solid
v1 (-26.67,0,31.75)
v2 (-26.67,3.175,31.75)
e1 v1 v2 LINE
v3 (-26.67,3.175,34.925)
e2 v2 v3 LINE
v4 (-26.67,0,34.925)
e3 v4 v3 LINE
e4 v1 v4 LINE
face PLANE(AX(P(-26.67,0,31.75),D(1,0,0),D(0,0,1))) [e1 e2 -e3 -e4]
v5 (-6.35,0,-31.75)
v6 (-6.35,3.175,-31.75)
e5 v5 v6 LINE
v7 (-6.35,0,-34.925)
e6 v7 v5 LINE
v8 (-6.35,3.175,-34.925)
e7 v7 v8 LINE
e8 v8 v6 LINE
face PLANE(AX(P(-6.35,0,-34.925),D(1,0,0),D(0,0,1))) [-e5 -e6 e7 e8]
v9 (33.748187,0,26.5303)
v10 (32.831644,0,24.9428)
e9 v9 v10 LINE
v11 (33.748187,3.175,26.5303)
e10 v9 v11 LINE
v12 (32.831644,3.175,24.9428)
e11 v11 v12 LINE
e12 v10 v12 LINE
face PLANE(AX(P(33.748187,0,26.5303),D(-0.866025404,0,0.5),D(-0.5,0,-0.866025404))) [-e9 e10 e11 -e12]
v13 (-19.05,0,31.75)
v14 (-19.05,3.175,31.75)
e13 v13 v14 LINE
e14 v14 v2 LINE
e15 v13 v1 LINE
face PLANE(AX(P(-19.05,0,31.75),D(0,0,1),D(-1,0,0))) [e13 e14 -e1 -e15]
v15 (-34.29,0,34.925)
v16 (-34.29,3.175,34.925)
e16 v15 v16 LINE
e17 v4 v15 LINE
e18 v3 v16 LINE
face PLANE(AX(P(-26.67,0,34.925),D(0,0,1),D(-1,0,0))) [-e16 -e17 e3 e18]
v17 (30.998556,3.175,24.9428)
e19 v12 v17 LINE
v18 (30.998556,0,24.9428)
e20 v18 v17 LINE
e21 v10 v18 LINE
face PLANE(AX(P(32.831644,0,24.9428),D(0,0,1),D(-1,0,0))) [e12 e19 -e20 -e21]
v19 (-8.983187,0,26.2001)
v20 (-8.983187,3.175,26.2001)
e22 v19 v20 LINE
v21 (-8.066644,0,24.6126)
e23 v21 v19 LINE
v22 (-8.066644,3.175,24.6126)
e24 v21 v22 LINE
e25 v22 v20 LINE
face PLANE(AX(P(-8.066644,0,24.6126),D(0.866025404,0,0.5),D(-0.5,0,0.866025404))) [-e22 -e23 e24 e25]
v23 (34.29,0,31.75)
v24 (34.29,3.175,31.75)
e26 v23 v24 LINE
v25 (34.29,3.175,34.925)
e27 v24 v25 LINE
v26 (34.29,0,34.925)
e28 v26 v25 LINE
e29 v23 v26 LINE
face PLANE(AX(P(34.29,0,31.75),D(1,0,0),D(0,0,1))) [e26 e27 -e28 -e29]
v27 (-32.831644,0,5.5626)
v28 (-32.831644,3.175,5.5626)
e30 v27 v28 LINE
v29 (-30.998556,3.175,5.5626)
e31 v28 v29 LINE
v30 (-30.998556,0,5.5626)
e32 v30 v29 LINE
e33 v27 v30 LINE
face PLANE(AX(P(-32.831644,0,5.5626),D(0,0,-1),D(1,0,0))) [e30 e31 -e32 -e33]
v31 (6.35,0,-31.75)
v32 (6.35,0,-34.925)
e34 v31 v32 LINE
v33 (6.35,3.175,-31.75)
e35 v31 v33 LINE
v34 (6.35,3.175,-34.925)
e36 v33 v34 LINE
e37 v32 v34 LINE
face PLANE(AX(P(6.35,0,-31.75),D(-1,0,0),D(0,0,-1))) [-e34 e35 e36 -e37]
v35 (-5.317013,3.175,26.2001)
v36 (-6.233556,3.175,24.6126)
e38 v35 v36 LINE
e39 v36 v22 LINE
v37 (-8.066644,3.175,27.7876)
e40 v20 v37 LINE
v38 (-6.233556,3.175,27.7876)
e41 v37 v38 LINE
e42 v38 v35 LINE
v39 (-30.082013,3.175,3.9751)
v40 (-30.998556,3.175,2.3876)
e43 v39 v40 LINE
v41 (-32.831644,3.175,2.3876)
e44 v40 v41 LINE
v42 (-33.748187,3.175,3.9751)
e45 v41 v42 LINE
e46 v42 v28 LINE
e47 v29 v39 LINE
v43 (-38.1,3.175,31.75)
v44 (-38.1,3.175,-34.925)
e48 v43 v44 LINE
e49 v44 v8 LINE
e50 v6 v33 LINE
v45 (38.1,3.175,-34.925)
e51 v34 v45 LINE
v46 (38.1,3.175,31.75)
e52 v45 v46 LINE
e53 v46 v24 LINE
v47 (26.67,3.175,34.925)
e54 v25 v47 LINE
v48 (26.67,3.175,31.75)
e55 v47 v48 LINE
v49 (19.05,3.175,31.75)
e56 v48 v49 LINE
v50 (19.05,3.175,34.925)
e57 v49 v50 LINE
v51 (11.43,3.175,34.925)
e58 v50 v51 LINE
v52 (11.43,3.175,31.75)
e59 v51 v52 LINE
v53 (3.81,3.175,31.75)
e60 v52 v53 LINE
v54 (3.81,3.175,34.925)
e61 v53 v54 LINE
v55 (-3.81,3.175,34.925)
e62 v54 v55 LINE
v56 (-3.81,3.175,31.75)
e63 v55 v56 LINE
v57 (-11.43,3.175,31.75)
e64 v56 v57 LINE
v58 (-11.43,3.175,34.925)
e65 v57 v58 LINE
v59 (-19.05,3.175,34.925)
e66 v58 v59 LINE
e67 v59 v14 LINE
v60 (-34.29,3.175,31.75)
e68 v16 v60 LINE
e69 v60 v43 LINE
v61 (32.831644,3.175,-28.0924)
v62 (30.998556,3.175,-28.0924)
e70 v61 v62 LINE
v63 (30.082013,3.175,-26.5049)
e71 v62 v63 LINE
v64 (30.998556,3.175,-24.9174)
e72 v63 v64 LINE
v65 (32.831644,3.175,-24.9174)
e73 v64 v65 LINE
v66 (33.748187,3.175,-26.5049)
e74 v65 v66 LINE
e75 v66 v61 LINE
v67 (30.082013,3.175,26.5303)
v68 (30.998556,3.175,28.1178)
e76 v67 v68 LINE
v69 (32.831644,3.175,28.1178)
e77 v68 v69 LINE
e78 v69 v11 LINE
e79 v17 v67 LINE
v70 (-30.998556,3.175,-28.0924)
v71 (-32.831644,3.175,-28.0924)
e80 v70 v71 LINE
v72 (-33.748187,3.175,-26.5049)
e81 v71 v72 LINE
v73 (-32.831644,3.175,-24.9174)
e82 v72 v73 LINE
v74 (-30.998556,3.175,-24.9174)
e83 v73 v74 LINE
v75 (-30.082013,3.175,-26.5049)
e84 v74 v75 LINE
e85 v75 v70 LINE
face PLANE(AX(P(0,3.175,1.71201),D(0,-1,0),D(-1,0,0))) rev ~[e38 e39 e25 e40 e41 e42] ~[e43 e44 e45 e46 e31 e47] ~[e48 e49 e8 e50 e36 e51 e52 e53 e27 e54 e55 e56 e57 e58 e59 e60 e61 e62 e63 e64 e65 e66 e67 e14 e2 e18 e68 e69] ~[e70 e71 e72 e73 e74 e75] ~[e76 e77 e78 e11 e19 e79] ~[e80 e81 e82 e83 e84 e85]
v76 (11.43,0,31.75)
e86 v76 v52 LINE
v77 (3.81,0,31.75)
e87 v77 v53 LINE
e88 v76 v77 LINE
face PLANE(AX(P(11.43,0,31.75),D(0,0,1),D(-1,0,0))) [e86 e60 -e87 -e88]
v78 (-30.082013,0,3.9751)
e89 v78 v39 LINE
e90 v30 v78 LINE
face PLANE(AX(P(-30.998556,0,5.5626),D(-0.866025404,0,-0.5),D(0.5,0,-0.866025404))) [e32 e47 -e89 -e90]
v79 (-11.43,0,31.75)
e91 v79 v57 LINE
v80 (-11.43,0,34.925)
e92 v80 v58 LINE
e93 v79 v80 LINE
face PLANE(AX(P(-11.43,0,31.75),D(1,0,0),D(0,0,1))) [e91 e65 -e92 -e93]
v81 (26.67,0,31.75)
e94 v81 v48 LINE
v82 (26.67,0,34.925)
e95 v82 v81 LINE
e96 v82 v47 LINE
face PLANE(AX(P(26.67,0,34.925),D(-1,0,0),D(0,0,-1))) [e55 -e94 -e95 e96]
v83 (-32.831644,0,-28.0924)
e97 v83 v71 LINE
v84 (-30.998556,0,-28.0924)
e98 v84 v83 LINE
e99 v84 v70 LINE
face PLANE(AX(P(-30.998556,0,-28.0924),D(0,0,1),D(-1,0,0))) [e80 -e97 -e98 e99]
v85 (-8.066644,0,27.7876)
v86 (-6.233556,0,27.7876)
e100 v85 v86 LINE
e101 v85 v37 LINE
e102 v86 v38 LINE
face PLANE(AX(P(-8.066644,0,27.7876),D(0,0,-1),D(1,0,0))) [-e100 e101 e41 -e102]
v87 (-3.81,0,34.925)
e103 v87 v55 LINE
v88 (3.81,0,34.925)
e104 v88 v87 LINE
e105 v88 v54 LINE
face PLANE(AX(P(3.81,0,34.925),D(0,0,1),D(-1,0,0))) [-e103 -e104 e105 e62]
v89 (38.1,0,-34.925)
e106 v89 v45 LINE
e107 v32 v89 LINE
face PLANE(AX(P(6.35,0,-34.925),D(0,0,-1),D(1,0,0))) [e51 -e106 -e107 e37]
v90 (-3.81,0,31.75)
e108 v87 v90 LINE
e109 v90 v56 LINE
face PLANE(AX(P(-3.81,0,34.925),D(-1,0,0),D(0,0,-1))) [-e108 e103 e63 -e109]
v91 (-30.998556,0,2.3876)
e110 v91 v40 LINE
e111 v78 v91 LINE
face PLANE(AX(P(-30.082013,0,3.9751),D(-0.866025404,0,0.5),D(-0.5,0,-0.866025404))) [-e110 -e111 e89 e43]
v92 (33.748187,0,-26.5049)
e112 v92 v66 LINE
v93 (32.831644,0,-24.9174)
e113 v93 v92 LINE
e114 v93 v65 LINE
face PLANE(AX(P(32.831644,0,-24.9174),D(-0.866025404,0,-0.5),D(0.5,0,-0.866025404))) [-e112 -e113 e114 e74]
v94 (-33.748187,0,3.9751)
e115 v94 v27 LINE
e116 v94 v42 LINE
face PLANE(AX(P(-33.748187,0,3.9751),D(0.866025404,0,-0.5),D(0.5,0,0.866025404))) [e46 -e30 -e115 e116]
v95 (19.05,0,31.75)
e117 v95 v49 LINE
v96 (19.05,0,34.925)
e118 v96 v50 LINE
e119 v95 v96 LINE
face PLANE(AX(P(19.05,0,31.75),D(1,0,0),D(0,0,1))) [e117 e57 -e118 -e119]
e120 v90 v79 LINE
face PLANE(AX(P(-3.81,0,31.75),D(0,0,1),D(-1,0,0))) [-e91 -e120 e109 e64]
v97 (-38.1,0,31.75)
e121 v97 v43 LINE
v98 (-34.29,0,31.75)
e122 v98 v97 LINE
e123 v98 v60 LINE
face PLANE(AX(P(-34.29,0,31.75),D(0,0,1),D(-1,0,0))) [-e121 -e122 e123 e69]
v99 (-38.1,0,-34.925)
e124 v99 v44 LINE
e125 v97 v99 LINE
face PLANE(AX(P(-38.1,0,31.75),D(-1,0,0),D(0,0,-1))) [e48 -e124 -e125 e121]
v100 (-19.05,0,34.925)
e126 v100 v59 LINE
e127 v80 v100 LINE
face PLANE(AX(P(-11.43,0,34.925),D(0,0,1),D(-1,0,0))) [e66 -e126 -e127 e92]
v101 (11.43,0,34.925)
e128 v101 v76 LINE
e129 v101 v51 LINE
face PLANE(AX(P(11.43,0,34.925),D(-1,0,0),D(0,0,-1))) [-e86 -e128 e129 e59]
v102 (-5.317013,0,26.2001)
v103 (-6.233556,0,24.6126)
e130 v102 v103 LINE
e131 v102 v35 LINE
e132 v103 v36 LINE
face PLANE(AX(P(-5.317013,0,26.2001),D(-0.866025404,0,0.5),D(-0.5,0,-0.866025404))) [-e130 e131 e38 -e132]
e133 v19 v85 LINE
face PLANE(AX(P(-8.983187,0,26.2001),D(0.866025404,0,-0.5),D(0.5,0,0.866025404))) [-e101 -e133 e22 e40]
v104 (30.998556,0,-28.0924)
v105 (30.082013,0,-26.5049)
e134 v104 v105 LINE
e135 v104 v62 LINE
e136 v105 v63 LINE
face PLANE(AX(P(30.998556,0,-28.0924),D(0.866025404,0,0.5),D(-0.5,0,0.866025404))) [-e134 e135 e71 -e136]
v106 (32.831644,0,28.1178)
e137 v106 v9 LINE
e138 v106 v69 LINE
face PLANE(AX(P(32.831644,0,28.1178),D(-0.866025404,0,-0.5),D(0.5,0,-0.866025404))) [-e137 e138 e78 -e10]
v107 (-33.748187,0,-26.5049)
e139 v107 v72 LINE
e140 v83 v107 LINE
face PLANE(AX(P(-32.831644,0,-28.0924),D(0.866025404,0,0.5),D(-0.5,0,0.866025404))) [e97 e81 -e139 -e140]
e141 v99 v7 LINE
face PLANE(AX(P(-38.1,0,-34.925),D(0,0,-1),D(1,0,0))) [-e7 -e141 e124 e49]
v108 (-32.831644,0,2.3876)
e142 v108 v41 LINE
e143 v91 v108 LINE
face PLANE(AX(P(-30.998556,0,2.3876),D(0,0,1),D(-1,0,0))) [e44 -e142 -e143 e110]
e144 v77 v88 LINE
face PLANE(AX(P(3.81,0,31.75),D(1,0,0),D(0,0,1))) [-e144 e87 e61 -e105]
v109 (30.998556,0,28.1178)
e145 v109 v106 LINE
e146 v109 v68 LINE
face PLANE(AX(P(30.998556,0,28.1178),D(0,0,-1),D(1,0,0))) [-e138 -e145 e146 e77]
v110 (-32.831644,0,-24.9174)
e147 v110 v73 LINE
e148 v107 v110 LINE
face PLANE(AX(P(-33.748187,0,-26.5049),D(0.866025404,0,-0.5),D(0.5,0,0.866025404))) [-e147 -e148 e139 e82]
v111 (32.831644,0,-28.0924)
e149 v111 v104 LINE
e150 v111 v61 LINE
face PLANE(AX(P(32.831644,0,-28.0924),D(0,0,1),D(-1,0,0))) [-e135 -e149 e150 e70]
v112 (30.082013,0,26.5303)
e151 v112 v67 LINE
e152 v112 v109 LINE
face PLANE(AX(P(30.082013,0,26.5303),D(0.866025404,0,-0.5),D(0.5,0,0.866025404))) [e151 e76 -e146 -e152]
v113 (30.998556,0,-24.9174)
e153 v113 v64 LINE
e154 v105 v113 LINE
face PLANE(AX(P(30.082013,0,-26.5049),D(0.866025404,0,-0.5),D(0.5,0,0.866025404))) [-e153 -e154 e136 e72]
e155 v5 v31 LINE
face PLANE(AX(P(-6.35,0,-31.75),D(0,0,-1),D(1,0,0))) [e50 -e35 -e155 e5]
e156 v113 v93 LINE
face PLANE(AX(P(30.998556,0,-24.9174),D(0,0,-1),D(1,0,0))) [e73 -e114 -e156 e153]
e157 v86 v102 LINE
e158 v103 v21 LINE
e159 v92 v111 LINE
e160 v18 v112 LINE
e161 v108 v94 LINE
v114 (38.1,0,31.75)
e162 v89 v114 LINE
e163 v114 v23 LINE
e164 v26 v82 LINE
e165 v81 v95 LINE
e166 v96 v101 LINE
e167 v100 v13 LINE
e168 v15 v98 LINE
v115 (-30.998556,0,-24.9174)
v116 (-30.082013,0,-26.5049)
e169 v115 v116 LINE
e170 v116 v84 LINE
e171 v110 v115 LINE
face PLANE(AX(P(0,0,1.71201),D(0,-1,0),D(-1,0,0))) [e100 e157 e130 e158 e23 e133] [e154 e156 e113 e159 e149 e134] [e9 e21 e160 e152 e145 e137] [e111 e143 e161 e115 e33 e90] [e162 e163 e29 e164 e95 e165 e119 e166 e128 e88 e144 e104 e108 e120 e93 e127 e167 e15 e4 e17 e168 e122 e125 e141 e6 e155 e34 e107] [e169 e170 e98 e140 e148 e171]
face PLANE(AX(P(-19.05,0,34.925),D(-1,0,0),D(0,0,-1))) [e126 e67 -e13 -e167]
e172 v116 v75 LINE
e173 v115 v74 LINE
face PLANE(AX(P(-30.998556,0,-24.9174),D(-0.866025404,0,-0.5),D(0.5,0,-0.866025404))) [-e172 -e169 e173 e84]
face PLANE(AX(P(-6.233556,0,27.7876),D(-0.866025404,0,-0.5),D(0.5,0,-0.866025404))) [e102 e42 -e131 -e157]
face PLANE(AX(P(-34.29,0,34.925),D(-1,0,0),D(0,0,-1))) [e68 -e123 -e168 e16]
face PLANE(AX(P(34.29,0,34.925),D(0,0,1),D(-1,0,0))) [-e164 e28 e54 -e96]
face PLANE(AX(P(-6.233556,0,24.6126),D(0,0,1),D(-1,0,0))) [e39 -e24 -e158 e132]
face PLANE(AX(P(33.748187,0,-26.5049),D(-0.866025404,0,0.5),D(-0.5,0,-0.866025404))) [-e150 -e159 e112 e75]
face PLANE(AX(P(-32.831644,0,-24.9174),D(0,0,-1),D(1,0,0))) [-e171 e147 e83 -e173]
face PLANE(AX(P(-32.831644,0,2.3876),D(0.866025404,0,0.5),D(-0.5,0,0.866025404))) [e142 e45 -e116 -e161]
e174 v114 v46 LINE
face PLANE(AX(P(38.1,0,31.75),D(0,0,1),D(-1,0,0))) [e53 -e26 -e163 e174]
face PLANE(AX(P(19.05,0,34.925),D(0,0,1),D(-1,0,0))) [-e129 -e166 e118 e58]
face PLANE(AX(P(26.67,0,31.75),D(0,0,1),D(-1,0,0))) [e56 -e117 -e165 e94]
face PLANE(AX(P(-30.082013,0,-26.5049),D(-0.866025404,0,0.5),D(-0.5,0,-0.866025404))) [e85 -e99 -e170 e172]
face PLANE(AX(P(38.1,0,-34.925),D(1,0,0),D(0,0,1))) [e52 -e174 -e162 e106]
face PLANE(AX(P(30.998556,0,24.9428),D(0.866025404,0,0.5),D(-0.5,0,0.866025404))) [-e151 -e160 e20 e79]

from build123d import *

# Parameters (mm, degrees)
BOSS_EXTRUDE2_DEPTH = 3.175


with BuildPart() as part:
    # Sketch1 → Boss-Extrude2 (new body)
    with BuildSketch(Plane(origin=(0, 0, 0), x_dir=(1, 0, 0), z_dir=(0, 1, 0))):
        Polygon((-19.05, -34.925), (-19.05, -31.75), (-26.67, -31.75), (-26.67, -34.925), (-34.29, -34.925), (-34.29, -31.75), (-38.1, -31.75), (-38.1, 34.925), (-6.35, 34.925), (-6.35, 31.75), (6.35, 31.75), (6.35, 34.925), (38.1, 34.925), (38.1, -31.75), (34.29, -31.75), (34.29, -34.925), (26.67, -34.925), (26.67, -31.75), (19.05, -31.75), (19.05, -34.925), (11.43, -34.925), (11.43, -31.75), (3.81, -31.75), (3.81, -34.925), (-3.81, -34.925), (-3.81, -31.75), (-11.43, -31.75), (-11.43, -34.925), align=None)
        Polygon((-30.998556448, -5.5626), (-30.082012895, -3.9751), (-30.998556448, -2.3876), (-32.831643552, -2.3876), (-33.748187105, -3.9751), (-32.831643552, -5.5626), align=None, mode=Mode.SUBTRACT)
        Polygon((-30.082012895, 26.5049), (-30.998556448, 28.0924), (-32.831643552, 28.0924), (-33.748187105, 26.5049), (-32.831643552, 24.9174), (-30.998556448, 24.9174), align=None, mode=Mode.SUBTRACT)
        Polygon((32.831643552, 24.9174), (33.748187105, 26.5049), (32.831643552, 28.0924), (30.998556448, 28.0924), (30.082012895, 26.5049), (30.998556448, 24.9174), align=None, mode=Mode.SUBTRACT)
        Polygon((-6.233556448, -27.7876), (-5.317012895, -26.2001), (-6.233556448, -24.6126), (-8.066643552, -24.6126), (-8.983187105, -26.2001), (-8.066643552, -27.7876), align=None, mode=Mode.SUBTRACT)
        Polygon((33.748187105, -26.5303), (32.831643552, -24.9428), (30.998556448, -24.9428), (30.082012895, -26.5303), (30.998556448, -28.1178), (32.831643552, -28.1178), align=None, mode=Mode.SUBTRACT)
    extrude(amount=BOSS_EXTRUDE2_DEPTH)


solid = part.part
